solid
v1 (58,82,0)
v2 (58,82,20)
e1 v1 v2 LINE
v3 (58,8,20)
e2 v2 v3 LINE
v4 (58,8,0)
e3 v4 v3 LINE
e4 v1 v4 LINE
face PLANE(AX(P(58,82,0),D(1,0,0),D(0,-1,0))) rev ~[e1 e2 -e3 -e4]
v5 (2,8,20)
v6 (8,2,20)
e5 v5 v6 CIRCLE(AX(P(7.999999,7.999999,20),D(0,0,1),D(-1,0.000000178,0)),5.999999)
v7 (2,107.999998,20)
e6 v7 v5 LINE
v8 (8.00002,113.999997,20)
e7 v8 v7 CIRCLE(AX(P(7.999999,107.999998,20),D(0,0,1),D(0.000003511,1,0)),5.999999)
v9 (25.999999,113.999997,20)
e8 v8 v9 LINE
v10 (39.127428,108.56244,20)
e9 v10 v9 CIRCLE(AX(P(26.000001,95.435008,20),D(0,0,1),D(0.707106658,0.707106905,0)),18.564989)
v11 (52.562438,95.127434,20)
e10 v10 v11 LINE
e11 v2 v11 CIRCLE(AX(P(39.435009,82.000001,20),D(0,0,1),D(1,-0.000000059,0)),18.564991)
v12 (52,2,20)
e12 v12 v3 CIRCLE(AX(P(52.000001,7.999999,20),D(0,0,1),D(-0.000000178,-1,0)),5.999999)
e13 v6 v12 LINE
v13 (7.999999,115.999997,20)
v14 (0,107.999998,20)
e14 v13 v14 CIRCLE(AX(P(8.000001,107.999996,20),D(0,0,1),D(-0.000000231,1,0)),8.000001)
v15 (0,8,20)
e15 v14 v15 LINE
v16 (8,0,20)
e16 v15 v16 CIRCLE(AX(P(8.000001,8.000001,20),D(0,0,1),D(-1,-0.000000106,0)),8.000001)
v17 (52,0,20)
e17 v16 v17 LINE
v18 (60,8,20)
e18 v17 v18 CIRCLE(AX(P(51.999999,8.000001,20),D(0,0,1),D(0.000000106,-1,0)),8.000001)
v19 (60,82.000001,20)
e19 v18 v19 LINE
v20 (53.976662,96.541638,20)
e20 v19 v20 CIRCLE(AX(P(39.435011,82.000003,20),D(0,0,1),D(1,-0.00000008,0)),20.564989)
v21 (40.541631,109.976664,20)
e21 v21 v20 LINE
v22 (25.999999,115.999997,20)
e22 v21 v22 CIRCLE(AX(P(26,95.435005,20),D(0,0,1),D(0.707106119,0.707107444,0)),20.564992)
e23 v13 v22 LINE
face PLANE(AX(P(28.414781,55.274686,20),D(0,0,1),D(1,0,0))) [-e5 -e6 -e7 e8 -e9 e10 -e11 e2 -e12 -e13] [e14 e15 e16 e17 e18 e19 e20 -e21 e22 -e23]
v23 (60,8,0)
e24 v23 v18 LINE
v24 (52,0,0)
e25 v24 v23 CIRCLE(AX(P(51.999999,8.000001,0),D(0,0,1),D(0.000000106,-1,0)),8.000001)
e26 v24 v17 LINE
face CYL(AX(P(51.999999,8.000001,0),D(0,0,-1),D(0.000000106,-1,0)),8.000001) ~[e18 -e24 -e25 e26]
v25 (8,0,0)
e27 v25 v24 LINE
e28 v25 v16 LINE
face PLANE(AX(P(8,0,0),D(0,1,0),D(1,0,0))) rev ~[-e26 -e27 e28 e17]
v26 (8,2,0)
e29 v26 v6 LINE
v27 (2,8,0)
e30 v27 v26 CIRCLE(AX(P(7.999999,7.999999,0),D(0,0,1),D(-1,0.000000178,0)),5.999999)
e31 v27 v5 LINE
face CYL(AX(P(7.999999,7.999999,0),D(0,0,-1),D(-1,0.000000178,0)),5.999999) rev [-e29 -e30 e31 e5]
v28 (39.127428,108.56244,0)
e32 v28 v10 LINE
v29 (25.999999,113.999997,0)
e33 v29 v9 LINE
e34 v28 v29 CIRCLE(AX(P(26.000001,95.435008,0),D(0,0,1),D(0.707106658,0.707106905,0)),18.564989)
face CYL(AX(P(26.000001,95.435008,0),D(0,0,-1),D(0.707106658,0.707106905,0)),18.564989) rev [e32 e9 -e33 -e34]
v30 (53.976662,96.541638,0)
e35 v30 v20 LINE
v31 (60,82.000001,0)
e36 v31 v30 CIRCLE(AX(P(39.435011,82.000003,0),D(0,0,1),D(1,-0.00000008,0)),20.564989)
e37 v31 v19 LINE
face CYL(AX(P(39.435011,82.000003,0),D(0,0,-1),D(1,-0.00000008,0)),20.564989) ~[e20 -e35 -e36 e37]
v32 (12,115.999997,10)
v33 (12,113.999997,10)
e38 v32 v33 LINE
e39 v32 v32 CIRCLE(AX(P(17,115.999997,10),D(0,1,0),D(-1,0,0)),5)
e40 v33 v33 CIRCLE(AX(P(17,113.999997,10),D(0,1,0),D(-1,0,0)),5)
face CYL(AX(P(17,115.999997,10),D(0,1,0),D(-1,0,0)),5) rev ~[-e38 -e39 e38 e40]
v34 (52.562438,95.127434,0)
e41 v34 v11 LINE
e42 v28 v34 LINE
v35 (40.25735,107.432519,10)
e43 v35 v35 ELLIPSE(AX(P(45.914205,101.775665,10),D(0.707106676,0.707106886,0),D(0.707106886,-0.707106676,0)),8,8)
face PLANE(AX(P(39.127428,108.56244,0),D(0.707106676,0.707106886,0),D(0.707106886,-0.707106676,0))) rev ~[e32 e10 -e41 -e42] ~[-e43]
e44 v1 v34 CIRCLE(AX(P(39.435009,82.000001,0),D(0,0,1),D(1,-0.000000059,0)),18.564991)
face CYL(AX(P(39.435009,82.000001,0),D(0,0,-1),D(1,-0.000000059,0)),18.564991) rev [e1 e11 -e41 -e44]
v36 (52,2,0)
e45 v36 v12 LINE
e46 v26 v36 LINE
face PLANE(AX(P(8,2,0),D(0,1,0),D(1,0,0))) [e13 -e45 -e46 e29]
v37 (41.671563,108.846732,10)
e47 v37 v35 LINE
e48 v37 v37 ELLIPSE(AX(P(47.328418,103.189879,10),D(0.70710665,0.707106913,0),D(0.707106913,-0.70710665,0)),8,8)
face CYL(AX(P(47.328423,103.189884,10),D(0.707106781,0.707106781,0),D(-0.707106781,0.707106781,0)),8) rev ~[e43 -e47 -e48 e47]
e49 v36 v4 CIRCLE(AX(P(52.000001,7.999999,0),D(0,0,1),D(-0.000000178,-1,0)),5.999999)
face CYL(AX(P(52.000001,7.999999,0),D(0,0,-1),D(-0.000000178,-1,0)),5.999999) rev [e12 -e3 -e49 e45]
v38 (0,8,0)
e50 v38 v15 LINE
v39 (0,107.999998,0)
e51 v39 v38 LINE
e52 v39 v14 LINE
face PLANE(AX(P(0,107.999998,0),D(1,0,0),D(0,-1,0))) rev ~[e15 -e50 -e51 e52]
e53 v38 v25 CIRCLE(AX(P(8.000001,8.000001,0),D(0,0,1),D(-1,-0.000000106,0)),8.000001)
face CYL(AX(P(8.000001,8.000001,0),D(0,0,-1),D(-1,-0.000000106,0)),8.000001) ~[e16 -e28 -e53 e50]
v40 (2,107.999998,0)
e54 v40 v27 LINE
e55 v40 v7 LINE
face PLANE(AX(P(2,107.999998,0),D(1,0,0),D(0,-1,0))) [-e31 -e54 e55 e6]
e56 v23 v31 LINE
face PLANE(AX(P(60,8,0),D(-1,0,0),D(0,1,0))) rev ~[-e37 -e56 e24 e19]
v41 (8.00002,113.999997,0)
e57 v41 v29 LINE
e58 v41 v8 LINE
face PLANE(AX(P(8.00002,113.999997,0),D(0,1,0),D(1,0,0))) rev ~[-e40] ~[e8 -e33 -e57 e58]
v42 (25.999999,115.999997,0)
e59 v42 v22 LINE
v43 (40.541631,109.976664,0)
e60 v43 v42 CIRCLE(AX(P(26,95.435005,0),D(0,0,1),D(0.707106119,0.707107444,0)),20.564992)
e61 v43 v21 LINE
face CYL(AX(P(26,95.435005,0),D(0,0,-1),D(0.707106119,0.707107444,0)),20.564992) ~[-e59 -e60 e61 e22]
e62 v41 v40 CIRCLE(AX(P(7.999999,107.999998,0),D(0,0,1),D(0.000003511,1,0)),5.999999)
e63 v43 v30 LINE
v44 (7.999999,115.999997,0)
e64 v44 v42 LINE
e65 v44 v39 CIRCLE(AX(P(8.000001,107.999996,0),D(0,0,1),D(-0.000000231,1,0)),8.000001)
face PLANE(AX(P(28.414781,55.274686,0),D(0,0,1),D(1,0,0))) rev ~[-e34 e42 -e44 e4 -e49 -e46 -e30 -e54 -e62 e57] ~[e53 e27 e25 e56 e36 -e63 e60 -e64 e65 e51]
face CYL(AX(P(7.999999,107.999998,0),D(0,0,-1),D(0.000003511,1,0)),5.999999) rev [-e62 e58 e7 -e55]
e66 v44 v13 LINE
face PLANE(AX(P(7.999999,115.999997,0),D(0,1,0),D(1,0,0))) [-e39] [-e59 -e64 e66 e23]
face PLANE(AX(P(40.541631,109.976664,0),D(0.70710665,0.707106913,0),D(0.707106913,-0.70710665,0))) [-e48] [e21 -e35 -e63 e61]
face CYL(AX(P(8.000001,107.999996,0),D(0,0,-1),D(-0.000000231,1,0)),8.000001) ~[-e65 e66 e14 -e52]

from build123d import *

# Parameters (mm, degrees)
PAD_DEPTH       = 20
SKETCH001_R     = 8
POCKET_DEPTH    = 5
SKETCH002_R     = 5
POCKET001_DEPTH = 5


with BuildPart() as part:
    # Sketch → Pad (new body)
    with BuildSketch(Plane.XY):
        with BuildLine():
            Line((60, 8), (60, 82.000001))
            ThreePointArc((60, 82.000001), (58.434586, 89.869877), (53.976662, 96.541638))
            Line((40.541631, 109.976664), (53.976662, 96.541638))
            ThreePointArc((40.541631, 109.976664), (33.869872, 114.434584), (25.999999, 115.999997))
            Line((7.999999, 115.999997), (25.999999, 115.999997))
            ThreePointArc((7.999999, 115.999997), (2.343146, 113.656851), (0, 107.999998))
            Line((0, 107.999998), (0, 8))
            ThreePointArc((0, 8), (2.343146, 2.343146), (8, 0))
            Line((8, 0), (52, 0))
            ThreePointArc((52, 0), (57.656854, 2.343146), (60, 8))
        make_face()
        with BuildLine():
            ThreePointArc((8.00002, 113.999997), (3.757366, 112.242645), (2, 107.999998))
            Line((2, 107.999998), (2, 8))
            ThreePointArc((2, 8), (3.757359, 3.757359), (8, 2))
            Line((8, 2), (52, 2))
            ThreePointArc((52, 2), (56.242641, 3.757359), (58, 8))
            Line((58, 82), (58, 8))
            ThreePointArc((58, 82), (56.586824, 89.104516), (52.562438, 95.127434))
            Line((39.127428, 108.56244), (52.562438, 95.127434))
            ThreePointArc((39.127428, 108.56244), (33.104513, 112.586822), (25.999999, 113.999997))
            Line((8.00002, 113.999997), (25.999999, 113.999997))
        make_face(mode=Mode.SUBTRACT)
    extrude(amount=PAD_DEPTH)

    # Sketch001 → Pocket (cut)
    with BuildSketch(Plane(origin=(75.259141, 75.259166, 0), x_dir=(-0.707107, 0.707107, 0), z_dir=(0.707107, 0.707107, 0))):
        with Locations((39.5, 10)):
            Circle(SKETCH001_R)
    extrude(amount=-POCKET_DEPTH, mode=Mode.SUBTRACT)

    # Sketch002 → Pocket001 (cut)
    with BuildSketch(Plane(origin=(0, 115.999997, 0), x_dir=(-1, 0, 0), z_dir=(0, 1, 0))):
        with Locations((-17, 10)):
            Circle(SKETCH002_R)
    extrude(amount=-POCKET001_DEPTH, mode=Mode.SUBTRACT)


solid = part.part
